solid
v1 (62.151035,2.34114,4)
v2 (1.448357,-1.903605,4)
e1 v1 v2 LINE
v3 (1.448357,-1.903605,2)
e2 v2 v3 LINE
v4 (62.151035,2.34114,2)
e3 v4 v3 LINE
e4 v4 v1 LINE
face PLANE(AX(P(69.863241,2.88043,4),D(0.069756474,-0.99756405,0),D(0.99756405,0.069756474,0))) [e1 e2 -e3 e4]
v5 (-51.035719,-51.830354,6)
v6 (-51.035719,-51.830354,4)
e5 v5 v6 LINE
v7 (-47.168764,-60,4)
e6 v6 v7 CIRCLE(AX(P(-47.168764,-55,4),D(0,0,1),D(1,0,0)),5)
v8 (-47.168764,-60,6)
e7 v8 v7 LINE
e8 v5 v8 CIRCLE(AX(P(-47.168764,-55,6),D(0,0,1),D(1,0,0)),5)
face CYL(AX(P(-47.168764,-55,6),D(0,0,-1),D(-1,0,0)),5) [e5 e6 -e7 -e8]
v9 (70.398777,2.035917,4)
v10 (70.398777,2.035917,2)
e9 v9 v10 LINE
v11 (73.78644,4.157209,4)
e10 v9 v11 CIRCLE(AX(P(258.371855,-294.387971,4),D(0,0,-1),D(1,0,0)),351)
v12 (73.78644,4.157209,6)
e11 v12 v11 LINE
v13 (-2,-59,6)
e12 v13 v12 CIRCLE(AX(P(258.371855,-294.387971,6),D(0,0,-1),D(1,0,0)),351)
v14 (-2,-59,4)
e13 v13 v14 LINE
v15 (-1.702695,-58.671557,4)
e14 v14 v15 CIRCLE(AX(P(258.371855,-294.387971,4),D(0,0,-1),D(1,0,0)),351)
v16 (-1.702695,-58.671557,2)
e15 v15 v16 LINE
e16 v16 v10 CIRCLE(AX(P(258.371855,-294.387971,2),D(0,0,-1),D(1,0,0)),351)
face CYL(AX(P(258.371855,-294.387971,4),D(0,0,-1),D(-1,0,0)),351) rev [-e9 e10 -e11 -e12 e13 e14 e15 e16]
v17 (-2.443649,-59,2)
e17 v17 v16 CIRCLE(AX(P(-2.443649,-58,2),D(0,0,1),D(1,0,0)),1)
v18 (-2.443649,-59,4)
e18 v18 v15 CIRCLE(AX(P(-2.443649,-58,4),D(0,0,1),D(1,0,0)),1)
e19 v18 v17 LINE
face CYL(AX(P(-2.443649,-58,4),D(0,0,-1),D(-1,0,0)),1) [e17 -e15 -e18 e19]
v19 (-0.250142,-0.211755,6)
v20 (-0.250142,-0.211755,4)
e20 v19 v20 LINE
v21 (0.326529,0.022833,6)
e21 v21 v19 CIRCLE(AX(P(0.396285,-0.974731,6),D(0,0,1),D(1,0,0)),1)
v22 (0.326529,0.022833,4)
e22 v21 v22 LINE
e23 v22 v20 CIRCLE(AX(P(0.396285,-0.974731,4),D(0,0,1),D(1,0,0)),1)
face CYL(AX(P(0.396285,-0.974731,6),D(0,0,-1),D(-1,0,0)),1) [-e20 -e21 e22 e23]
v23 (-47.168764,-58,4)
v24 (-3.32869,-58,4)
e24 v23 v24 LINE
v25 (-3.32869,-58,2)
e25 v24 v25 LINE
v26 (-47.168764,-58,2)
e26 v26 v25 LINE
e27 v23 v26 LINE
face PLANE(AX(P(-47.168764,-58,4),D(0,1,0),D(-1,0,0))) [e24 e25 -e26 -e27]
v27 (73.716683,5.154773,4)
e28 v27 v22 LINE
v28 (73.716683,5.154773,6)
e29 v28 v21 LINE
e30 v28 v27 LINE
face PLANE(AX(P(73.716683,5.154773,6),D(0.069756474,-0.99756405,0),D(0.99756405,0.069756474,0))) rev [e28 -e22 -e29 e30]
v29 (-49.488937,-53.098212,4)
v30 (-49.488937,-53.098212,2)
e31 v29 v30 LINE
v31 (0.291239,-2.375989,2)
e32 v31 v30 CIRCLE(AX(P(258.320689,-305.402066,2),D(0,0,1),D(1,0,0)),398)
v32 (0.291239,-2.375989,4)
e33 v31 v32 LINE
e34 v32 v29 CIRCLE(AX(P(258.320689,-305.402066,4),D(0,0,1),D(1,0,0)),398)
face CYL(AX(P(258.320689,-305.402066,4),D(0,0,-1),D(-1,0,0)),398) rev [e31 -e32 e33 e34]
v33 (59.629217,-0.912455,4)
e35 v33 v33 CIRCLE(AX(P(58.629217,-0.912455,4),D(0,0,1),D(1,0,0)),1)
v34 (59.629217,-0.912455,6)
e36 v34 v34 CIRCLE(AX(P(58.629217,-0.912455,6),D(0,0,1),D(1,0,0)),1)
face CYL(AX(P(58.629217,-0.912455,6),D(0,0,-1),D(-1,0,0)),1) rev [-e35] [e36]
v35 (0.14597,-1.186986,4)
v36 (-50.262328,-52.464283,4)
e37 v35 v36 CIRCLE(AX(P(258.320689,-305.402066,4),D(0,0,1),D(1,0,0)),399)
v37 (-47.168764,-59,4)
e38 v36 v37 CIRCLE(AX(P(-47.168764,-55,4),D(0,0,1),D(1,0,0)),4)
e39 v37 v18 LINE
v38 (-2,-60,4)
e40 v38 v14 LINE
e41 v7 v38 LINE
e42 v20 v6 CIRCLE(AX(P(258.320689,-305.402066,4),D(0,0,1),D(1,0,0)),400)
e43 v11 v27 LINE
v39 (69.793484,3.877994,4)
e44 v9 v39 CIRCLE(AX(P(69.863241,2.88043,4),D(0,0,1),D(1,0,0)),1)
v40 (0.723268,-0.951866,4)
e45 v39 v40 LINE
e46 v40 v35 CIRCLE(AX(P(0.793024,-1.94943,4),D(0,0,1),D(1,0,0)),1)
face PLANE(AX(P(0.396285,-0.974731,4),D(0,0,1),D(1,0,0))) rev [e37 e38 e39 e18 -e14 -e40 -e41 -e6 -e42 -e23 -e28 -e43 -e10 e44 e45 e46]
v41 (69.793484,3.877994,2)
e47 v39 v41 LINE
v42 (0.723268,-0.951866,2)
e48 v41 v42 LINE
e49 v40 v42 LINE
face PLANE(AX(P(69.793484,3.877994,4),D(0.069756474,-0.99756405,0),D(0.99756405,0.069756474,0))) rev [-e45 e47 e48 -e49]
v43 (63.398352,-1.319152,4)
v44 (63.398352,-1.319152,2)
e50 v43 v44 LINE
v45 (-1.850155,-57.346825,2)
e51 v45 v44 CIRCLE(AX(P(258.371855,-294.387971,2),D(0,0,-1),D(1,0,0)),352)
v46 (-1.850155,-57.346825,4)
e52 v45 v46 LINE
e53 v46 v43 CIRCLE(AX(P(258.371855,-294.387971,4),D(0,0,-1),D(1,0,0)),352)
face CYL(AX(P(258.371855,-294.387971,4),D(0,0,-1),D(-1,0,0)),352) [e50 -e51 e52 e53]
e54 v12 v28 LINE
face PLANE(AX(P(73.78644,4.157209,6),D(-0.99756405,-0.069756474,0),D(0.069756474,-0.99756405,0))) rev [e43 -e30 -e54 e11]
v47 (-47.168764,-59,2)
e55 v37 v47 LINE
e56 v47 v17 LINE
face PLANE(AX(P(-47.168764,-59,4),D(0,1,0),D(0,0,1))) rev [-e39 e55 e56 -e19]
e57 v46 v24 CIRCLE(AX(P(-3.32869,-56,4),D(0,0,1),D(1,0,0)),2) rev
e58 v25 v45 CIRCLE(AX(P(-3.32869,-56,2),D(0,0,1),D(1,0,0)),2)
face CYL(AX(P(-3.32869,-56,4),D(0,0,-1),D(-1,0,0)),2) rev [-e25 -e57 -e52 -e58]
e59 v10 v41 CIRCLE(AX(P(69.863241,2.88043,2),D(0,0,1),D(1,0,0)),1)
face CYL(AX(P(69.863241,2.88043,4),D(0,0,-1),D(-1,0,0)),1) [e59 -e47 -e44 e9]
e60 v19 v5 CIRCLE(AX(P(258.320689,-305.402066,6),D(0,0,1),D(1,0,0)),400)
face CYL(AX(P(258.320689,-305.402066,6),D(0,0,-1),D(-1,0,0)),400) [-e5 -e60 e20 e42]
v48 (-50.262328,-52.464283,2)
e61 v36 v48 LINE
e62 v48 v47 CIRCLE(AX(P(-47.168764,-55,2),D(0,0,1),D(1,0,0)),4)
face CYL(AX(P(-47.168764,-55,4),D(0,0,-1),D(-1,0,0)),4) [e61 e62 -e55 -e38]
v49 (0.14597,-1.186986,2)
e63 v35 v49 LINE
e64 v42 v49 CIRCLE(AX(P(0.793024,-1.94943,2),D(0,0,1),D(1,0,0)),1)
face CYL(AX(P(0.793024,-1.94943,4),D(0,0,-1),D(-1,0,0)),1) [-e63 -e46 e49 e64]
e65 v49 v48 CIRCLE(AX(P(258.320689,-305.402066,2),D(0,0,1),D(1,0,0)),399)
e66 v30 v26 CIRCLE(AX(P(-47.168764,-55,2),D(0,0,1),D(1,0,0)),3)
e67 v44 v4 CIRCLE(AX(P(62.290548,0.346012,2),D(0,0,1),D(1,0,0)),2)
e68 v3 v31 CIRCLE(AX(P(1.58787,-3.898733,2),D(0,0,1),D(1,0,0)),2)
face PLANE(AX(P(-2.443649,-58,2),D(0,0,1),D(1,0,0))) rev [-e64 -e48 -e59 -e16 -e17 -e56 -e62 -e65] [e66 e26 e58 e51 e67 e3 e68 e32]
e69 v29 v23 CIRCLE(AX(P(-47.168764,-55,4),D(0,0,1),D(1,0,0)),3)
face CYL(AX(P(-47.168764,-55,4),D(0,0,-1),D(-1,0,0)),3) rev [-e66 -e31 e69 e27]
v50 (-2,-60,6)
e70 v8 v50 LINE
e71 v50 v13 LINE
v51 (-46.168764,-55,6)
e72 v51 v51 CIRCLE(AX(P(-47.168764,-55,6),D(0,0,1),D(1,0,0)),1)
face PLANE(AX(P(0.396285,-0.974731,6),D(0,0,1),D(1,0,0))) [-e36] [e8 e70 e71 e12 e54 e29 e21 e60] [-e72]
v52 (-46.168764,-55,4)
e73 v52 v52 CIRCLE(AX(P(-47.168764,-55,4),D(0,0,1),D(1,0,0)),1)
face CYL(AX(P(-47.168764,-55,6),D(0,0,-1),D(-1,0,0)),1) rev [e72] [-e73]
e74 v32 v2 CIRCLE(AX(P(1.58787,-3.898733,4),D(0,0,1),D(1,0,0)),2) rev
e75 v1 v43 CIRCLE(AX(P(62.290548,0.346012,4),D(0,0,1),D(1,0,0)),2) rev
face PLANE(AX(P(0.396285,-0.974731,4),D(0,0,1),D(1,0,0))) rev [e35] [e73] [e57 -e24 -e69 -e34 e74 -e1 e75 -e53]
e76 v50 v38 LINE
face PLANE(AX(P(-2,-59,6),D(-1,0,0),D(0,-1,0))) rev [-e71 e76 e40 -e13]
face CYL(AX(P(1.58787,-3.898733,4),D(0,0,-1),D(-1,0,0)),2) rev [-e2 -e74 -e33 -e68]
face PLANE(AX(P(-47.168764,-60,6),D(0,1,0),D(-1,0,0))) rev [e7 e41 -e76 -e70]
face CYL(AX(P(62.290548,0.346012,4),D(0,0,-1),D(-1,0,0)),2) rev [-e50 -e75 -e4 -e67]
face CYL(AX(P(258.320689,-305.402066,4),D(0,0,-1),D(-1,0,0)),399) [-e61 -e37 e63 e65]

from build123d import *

# Parameters (mm, degrees)
BOSS_EXTRUDE2_DEPTH = 2
SKETCH7_R           = 1
BOSS_EXTRUDE3_DEPTH = 2
FILLET1_R           = 2


with BuildPart() as part:
    # Sketch6 → Boss-Extrude2 (new body)
    with BuildSketch(Plane.XY.offset(2)):
        with BuildLine():
            Line((-47.16876351, -59), (-2.443648629, -59))
            ThreePointArc((-2.443648629, -59), (-2.038405947, -58.914209149), (-1.702695493, -58.671556736))
            ThreePointArc((-1.702695493, -58.671556736), (32.301028127, -25.886609728), (70.398776732, 2.035917408))
            ThreePointArc((70.398776732, 2.035917408), (70.813266743, 3.192601161), (69.793484422, 3.877993962))
            Line((69.793484422, 3.877993962), (0.723267865, -0.951866082))
            ThreePointArc((0.723267865, -0.951866082), (0.415830952, -1.023295613), (0.145969905, -1.186986325))
            ThreePointArc((0.145969905, -1.186986325), (-26.215640884, -25.687788129), (-50.262327585, -52.46428288))
            ThreePointArc((-50.262327585, -52.46428288), (-50.784207361, -56.711305279), (-47.16876351, -59))
        make_face()
        with BuildLine():
            Line((-47.16876351, -58), (-2.443648629, -58))
            ThreePointArc((-2.443648629, -58), (31.656951696, -25.121648584), (69.863240895, 2.880429912))
            Line((69.863240895, 2.880429912), (0.793024339, -1.949430132))
            ThreePointArc((0.793024339, -1.949430132), (-25.502517251, -26.388826418), (-49.488936566, -53.09821216))
            ThreePointArc((-49.488936566, -53.09821216), (-49.880346398, -56.28347896), (-47.16876351, -58))
        make_face(mode=Mode.SUBTRACT)
    extrude(amount=BOSS_EXTRUDE2_DEPTH)

    # Sketch7 → Boss-Extrude3 (add)
    with BuildSketch(Plane.XY.offset(4)):
        with BuildLine():
            Line((73.71668331, 5.154772651), (0.326528995, 0.022833132))
            ThreePointArc((0.326528995, 0.022833132), (0.019473004, -0.048441349), (-0.250141607, -0.211755142))
            ThreePointArc((-0.250141607, -0.211755142), (-26.813414366, -24.869459397), (-51.035718603, -51.8303536))
            ThreePointArc((-51.035718603, -51.8303536), (-51.688068324, -57.139131599), (-47.16876351, -60))
            Line((-47.16876351, -60), (-2, -60))
            Line((-2, -60), (-2, -59))
            ThreePointArc((-2, -59), (33.663262979, -24.745525454), (73.786439783, 4.157208601))
            Line((73.786439783, 4.157208601), (73.71668331, 5.154772651))
        make_face()
        with Locations((58.629217017, -0.912455258)):
            Circle(SKETCH7_R, mode=Mode.SUBTRACT)
        with Locations((-47.16876351, -55)):
            Circle(SKETCH7_R, mode=Mode.SUBTRACT)
    extrude(amount=BOSS_EXTRUDE3_DEPTH)

    # Fillet1
    fillet1_edges = [part.edges().sort_by_distance(p)[0] for p in [
        (69.863240895, 2.880429912, 3),
        (0.793024339, -1.949430132, 3),
        (-2.443648629, -58, 3),
    ]]
    fillet(fillet1_edges, radius=FILLET1_R)


solid = part.part
